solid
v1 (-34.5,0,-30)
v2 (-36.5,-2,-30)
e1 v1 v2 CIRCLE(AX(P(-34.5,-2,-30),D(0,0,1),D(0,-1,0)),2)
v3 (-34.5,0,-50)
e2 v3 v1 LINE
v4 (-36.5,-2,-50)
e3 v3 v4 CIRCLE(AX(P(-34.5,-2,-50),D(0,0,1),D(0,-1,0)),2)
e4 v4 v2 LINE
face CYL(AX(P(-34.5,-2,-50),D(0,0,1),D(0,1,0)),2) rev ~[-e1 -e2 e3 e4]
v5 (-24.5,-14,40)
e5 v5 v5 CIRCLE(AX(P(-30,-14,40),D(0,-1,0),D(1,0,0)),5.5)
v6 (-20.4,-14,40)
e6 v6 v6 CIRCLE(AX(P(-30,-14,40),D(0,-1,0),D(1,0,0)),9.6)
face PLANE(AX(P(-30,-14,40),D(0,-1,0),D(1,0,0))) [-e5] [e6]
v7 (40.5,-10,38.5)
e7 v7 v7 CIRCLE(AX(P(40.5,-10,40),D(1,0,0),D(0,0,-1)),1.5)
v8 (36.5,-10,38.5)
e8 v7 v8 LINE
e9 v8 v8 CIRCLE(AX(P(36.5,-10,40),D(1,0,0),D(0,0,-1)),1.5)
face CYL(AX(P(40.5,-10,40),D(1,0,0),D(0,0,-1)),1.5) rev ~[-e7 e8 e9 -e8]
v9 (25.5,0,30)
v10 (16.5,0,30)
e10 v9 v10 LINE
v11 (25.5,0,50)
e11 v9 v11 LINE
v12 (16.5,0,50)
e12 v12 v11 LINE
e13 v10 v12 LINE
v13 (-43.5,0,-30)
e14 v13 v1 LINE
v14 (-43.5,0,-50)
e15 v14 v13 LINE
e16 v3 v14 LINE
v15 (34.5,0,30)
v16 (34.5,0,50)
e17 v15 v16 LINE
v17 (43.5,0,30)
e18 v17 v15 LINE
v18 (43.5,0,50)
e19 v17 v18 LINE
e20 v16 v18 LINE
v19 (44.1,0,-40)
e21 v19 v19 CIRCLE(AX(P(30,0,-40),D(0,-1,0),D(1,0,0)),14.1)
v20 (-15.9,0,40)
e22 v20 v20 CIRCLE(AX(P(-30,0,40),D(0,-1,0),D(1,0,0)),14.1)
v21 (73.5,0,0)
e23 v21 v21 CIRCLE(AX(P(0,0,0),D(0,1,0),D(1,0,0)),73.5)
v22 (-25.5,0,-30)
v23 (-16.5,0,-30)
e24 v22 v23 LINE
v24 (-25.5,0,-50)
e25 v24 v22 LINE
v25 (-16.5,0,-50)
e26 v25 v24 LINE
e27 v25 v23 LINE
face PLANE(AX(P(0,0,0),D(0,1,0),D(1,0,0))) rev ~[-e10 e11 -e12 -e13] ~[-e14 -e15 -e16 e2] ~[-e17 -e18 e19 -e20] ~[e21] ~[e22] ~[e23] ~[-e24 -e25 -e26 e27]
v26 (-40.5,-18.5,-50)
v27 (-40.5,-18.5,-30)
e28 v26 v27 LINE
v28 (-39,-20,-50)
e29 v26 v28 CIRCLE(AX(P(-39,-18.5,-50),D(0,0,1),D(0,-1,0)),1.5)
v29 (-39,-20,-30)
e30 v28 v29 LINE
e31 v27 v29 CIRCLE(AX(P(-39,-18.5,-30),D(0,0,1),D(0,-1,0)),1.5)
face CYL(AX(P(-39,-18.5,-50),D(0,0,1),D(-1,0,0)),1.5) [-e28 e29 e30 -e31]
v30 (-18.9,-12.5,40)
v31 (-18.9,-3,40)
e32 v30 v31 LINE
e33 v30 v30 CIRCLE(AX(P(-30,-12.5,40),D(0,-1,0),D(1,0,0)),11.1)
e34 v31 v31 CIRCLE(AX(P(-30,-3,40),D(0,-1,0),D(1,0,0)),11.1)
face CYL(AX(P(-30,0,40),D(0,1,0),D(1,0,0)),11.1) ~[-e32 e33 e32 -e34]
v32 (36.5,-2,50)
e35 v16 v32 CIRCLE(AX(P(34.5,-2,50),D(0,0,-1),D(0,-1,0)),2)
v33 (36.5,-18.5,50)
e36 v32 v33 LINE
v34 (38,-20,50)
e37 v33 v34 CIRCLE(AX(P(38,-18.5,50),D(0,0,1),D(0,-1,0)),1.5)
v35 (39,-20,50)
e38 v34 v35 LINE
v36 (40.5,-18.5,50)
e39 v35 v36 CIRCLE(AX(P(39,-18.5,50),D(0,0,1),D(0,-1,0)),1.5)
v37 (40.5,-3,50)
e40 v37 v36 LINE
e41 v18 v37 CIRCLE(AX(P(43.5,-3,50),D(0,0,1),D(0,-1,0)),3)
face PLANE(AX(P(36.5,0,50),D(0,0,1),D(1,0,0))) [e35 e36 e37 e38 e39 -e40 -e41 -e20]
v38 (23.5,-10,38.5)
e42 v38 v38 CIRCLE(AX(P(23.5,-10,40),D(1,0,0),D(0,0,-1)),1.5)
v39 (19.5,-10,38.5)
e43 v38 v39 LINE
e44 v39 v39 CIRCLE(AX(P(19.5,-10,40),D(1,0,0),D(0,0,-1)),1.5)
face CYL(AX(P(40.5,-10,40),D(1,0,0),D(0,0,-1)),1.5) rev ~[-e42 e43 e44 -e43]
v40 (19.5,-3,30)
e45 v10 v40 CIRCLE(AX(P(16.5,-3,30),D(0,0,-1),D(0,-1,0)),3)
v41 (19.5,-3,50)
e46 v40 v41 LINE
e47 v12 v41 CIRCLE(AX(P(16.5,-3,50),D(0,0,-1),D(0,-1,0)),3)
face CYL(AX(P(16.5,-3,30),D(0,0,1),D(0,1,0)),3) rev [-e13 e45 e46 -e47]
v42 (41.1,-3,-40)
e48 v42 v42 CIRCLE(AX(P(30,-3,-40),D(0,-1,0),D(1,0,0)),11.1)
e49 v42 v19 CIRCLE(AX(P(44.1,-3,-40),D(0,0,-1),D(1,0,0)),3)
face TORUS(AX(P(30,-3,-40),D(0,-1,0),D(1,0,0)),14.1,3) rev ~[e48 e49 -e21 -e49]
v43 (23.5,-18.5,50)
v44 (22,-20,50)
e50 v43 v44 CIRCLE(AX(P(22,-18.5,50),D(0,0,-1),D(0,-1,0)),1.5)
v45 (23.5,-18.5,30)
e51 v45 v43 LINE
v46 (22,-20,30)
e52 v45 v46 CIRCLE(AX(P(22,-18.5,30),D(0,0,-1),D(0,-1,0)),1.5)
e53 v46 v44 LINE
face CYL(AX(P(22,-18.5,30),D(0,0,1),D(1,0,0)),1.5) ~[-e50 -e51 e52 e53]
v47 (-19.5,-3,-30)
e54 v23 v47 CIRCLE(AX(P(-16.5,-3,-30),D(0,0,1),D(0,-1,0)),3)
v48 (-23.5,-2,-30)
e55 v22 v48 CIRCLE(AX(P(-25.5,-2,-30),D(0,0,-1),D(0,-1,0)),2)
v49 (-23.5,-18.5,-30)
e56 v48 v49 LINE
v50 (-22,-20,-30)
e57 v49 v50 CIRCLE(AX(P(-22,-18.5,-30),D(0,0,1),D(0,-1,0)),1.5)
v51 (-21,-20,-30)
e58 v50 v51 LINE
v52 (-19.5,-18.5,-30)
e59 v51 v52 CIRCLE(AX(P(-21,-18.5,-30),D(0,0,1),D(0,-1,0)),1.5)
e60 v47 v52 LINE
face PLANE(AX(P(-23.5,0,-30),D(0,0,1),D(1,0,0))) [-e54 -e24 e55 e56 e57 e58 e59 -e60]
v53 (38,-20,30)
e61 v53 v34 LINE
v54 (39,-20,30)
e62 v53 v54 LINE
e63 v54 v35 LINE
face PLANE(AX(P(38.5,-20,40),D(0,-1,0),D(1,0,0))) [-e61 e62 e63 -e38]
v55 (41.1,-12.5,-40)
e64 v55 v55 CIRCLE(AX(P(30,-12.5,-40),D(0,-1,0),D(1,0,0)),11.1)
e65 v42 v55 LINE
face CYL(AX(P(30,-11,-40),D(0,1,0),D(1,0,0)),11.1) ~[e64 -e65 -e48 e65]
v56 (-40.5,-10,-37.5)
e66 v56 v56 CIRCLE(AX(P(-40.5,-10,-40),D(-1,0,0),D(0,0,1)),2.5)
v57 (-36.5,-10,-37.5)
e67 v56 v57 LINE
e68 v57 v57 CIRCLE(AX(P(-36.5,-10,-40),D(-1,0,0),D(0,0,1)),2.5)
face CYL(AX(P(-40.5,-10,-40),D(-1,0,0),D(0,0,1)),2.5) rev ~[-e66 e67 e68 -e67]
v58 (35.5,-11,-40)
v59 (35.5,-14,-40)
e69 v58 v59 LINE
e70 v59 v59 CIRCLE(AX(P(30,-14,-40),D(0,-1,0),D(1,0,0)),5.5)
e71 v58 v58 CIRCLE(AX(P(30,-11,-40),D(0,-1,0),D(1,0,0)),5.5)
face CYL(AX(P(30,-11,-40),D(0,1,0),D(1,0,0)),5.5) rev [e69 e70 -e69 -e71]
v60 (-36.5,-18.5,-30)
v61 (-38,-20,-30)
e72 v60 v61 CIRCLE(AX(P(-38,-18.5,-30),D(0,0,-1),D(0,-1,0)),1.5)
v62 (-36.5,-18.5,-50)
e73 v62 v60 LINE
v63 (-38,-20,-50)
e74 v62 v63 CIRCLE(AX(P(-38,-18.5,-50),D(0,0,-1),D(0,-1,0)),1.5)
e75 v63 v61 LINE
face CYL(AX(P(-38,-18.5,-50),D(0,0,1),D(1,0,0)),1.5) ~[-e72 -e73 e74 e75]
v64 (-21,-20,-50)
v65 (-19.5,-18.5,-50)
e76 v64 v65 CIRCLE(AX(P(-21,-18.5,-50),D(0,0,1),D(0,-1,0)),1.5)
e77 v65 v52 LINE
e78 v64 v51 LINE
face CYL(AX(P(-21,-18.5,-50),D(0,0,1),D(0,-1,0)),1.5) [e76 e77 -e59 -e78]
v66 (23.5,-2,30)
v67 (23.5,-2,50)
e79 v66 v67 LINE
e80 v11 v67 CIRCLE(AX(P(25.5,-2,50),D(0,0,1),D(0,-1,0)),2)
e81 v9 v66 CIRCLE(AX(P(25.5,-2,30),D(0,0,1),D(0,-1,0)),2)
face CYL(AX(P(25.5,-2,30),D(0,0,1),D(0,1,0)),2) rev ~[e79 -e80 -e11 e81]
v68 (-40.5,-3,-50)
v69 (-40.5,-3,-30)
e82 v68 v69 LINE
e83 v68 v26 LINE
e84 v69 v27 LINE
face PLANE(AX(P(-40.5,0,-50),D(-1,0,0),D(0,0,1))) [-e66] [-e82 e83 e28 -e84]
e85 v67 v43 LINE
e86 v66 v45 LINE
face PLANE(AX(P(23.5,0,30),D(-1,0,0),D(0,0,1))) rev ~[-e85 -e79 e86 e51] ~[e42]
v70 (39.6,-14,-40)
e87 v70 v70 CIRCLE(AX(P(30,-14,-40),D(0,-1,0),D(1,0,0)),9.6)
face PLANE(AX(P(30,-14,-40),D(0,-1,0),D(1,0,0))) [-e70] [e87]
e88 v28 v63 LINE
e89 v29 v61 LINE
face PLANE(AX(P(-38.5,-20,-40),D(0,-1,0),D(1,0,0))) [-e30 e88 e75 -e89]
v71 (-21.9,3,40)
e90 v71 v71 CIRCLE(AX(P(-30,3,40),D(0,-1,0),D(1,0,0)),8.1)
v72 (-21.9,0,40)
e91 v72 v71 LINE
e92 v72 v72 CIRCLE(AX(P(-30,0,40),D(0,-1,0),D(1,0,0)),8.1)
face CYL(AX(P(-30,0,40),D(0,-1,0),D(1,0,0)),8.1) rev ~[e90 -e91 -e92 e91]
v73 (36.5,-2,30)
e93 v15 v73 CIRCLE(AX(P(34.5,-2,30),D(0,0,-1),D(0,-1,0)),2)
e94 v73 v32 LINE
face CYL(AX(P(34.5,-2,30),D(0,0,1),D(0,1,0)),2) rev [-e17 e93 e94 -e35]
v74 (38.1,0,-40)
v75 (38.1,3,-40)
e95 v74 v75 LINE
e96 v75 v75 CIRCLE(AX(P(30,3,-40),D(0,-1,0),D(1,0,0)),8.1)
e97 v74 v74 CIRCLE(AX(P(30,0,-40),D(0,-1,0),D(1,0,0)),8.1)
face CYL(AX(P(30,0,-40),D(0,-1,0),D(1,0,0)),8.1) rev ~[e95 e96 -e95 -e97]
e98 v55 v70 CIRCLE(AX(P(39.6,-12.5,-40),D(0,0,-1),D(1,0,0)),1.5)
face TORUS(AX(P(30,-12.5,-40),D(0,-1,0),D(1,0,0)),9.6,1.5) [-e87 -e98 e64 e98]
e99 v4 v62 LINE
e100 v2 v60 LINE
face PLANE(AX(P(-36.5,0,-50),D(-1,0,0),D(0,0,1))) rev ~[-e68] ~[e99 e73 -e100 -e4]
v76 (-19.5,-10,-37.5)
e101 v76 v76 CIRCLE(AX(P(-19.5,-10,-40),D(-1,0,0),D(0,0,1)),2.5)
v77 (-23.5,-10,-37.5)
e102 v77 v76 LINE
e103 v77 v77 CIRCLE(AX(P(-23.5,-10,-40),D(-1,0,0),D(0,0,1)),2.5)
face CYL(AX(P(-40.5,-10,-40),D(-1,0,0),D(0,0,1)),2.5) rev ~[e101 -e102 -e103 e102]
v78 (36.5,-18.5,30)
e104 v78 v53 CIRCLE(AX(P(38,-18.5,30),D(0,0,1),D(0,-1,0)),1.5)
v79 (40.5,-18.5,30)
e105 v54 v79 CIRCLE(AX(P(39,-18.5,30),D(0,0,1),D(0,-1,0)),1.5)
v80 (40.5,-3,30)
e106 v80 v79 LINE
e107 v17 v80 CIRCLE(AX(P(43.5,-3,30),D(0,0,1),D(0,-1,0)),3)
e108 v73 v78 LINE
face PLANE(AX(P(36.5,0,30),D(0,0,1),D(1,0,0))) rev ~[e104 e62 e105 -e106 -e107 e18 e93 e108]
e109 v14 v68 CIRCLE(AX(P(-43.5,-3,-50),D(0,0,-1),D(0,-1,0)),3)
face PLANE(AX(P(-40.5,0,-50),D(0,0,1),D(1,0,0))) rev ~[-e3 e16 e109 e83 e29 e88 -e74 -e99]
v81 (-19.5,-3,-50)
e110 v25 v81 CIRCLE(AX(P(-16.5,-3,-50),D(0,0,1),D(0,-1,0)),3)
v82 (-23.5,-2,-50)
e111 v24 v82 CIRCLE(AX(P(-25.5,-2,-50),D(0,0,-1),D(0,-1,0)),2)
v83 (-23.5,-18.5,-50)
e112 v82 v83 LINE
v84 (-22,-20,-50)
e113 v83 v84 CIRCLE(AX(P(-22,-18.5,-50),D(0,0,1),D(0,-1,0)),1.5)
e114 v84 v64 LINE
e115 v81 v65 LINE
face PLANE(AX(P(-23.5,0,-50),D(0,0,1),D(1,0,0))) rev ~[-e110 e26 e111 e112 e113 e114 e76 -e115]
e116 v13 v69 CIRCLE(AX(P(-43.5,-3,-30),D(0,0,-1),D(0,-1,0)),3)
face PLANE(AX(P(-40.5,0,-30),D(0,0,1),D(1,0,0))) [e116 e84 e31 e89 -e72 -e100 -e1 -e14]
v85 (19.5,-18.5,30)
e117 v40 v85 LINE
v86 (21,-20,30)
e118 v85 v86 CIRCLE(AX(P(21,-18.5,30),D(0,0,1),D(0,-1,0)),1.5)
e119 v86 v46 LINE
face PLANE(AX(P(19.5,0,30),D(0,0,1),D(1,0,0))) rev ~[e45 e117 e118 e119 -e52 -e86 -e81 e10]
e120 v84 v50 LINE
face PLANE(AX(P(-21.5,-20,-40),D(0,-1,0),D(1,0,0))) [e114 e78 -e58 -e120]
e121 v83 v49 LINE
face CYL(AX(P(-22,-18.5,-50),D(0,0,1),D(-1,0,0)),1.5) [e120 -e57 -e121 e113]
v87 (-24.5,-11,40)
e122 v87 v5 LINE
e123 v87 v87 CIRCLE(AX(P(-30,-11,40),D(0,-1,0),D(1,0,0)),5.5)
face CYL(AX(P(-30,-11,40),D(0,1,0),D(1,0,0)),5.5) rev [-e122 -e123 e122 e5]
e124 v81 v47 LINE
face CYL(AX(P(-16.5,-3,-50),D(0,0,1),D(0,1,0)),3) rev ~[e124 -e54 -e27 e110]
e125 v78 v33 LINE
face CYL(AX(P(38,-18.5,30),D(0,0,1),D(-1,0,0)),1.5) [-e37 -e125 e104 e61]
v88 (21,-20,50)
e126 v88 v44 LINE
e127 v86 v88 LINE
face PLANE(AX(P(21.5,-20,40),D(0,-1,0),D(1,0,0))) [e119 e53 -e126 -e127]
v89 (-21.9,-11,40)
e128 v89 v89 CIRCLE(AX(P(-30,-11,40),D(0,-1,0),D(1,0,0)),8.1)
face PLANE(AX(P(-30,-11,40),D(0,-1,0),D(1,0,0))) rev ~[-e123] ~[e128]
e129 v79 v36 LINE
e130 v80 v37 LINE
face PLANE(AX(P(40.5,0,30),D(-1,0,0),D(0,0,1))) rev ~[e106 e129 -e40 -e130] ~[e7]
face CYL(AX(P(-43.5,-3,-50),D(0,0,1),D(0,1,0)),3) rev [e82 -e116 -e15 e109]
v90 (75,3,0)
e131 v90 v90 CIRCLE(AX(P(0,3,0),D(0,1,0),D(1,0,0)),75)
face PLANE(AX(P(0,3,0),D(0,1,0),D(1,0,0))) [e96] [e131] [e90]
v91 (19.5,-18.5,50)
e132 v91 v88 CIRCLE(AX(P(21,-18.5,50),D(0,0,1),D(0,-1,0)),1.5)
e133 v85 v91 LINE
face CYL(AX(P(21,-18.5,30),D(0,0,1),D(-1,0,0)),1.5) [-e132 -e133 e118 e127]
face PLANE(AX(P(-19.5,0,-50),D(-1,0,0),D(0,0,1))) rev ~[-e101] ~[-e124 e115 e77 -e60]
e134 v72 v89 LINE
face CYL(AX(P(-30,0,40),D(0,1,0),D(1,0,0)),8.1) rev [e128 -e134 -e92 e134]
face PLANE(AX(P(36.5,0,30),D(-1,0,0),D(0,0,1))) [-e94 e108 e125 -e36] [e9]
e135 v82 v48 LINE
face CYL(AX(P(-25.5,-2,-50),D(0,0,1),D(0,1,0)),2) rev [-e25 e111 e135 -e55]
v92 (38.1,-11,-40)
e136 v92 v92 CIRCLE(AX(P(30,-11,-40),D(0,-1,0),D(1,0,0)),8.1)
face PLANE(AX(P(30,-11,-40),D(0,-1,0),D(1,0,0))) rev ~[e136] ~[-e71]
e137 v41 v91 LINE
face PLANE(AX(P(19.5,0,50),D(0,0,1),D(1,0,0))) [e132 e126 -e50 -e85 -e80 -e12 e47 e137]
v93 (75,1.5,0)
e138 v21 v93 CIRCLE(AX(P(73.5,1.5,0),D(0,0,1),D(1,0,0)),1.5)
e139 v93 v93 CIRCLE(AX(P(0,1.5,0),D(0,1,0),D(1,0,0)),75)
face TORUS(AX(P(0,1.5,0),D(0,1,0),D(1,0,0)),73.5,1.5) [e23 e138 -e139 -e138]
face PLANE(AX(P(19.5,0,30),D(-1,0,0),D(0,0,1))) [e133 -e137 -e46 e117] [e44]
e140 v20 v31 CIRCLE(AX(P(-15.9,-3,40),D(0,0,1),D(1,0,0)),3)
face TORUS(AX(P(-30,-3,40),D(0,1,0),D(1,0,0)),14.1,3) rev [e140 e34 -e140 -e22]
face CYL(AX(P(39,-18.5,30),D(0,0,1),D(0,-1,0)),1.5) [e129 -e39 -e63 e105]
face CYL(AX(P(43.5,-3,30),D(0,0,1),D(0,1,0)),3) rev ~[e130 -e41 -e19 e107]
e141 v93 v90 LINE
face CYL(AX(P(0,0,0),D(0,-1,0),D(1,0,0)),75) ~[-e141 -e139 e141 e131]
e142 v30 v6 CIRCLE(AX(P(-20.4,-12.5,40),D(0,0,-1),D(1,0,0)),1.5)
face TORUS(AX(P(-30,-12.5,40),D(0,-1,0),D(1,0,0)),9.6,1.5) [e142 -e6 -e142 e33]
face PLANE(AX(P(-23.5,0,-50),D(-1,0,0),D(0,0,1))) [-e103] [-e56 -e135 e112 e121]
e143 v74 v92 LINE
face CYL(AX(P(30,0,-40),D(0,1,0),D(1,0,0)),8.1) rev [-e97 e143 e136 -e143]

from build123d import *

# Parameters (mm, degrees)
SKETCH1_R           = 75
BOSS_EXTRUDE1_DEPTH = 3
SKETCH2_R           = 11.1
SKETCH2_R_2         = 8.1
EXTRUDE_THIN1_DEPTH = 11
SKETCH2_2_R         = 8.1
CUT_EXTRUDE1_DEPTH  = 4
SKETCH3_W           = 4
SKETCH3_H           = 20
BOSS_EXTRUDE2_DEPTH = 20
SKETCH6_R           = 2.5
CUT_EXTRUDE2_DEPTH  = 21
SKETCH7_R           = 11.1
SKETCH7_R_2         = 5.5
BOSS_EXTRUDE3_DEPTH = 3
FILLET1_R           = 3
FILLET2_R           = 2
SKETCH8_R           = 1.5
CUT_EXTRUDE3_DEPTH  = 21
FILLET3_R           = 1.5
FILLET4_R           = 1.5


with BuildPart() as part:
    # Sketch1 → Boss-Extrude1 (new body)
    with BuildSketch(Plane(origin=(0, 0, 0), x_dir=(1, 0, 0), z_dir=(0, 1, 0))):
        Circle(SKETCH1_R)
    extrude(amount=BOSS_EXTRUDE1_DEPTH)

    # Sketch2 → Extrude-Thin1 (add)
    with BuildSketch(Plane.XZ):
        with Locations((-30, 40)):
            Circle(SKETCH2_R)
        with Locations((-30, 40)):
            Circle(SKETCH2_R_2, mode=Mode.SUBTRACT)
        with Locations((30, -40)):
            Circle(SKETCH2_R)
        with Locations((30, -40)):
            Circle(SKETCH2_R_2, mode=Mode.SUBTRACT)
    extrude(amount=EXTRUDE_THIN1_DEPTH)

    # Sketch2_2 → Cut-Extrude1 (cut, through all)
    with BuildSketch(Plane.XZ):
        with Locations((-30, 40)):
            Circle(SKETCH2_2_R)
        with Locations((30, -40)):
            Circle(SKETCH2_2_R)
    extrude(amount=-CUT_EXTRUDE1_DEPTH, mode=Mode.SUBTRACT)

    # Sketch3 → Boss-Extrude2 (add)
    with BuildSketch(Plane.XZ):
        with Locations((21.5, 40)):
            Rectangle(SKETCH3_W, SKETCH3_H)
        with Locations((-38.5, -40)):
            Rectangle(SKETCH3_W, SKETCH3_H)
        with Locations((-21.5, -40)):
            Rectangle(SKETCH3_W, SKETCH3_H)
        with Locations((38.5, 40)):
            Rectangle(SKETCH3_W, SKETCH3_H)
    extrude(amount=BOSS_EXTRUDE2_DEPTH)

    # Sketch6 → Cut-Extrude2 (cut)
    with BuildSketch(Plane.ZY.offset(40.5)):
        with Locations((-40, -10)):
            Circle(SKETCH6_R)
    extrude(amount=-CUT_EXTRUDE2_DEPTH, mode=Mode.SUBTRACT)

    # Sketch7 → Boss-Extrude3 (add)
    with BuildSketch(Plane.XZ.offset(11)):
        with Locations((30, -40)):
            Circle(SKETCH7_R)
        with Locations((30, -40)):
            Circle(SKETCH7_R_2, mode=Mode.SUBTRACT)
        with Locations((-30, 40)):
            Circle(SKETCH7_R)
        with Locations((-30, 40)):
            Circle(SKETCH7_R_2, mode=Mode.SUBTRACT)
    extrude(amount=BOSS_EXTRUDE3_DEPTH)

    # Fillet1
    fillet1_edges = [part.edges().sort_by_distance(p)[0] for p in [
        (18.9, 0, -40),
        (-40.5, 0, -40),
        (-19.5, 0, -40),
        (19.5, 0, 40),
        (-41.1, 0, 40),
        (40.5, 0, 40),
    ]]
    fillet(fillet1_edges, radius=FILLET1_R)

    # Fillet2
    fillet2_edges = [part.edges().sort_by_distance(p)[0] for p in [
        (-36.5, 0, -40),
        (-23.5, 0, -40),
        (23.5, 0, 40),
        (36.5, 0, 40),
    ]]
    fillet(fillet2_edges, radius=FILLET2_R)

    # Sketch8 → Cut-Extrude3 (cut)
    with BuildSketch(Plane(origin=(40.5, 0, 0), x_dir=(0, 0, -1), z_dir=(1, 0, 0))):
        with Locations((-40, -10)):
            Circle(SKETCH8_R)
    extrude(amount=-CUT_EXTRUDE3_DEPTH, mode=Mode.SUBTRACT)

    # Fillet3
    fillet3_edges = [part.edges().sort_by_distance(p)[0] for p in [
        (-40.5, -20, -40),
        (-36.5, -20, -40),
        (-23.5, -20, -40),
        (-19.5, -20, -40),
        (19.5, -20, 40),
        (23.5, -20, 40),
        (36.5, -20, 40),
        (40.5, -20, 40),
        (18.9, -14, -40),
        (-41.1, -14, 40),
    ]]
    fillet(fillet3_edges, radius=FILLET3_R)

    # Fillet4
    fillet4_edges = [part.edges().sort_by_distance(p)[0] for p in [
        (-75, 0, 0),
    ]]
    fillet(fillet4_edges, radius=FILLET4_R)


solid = part.part
